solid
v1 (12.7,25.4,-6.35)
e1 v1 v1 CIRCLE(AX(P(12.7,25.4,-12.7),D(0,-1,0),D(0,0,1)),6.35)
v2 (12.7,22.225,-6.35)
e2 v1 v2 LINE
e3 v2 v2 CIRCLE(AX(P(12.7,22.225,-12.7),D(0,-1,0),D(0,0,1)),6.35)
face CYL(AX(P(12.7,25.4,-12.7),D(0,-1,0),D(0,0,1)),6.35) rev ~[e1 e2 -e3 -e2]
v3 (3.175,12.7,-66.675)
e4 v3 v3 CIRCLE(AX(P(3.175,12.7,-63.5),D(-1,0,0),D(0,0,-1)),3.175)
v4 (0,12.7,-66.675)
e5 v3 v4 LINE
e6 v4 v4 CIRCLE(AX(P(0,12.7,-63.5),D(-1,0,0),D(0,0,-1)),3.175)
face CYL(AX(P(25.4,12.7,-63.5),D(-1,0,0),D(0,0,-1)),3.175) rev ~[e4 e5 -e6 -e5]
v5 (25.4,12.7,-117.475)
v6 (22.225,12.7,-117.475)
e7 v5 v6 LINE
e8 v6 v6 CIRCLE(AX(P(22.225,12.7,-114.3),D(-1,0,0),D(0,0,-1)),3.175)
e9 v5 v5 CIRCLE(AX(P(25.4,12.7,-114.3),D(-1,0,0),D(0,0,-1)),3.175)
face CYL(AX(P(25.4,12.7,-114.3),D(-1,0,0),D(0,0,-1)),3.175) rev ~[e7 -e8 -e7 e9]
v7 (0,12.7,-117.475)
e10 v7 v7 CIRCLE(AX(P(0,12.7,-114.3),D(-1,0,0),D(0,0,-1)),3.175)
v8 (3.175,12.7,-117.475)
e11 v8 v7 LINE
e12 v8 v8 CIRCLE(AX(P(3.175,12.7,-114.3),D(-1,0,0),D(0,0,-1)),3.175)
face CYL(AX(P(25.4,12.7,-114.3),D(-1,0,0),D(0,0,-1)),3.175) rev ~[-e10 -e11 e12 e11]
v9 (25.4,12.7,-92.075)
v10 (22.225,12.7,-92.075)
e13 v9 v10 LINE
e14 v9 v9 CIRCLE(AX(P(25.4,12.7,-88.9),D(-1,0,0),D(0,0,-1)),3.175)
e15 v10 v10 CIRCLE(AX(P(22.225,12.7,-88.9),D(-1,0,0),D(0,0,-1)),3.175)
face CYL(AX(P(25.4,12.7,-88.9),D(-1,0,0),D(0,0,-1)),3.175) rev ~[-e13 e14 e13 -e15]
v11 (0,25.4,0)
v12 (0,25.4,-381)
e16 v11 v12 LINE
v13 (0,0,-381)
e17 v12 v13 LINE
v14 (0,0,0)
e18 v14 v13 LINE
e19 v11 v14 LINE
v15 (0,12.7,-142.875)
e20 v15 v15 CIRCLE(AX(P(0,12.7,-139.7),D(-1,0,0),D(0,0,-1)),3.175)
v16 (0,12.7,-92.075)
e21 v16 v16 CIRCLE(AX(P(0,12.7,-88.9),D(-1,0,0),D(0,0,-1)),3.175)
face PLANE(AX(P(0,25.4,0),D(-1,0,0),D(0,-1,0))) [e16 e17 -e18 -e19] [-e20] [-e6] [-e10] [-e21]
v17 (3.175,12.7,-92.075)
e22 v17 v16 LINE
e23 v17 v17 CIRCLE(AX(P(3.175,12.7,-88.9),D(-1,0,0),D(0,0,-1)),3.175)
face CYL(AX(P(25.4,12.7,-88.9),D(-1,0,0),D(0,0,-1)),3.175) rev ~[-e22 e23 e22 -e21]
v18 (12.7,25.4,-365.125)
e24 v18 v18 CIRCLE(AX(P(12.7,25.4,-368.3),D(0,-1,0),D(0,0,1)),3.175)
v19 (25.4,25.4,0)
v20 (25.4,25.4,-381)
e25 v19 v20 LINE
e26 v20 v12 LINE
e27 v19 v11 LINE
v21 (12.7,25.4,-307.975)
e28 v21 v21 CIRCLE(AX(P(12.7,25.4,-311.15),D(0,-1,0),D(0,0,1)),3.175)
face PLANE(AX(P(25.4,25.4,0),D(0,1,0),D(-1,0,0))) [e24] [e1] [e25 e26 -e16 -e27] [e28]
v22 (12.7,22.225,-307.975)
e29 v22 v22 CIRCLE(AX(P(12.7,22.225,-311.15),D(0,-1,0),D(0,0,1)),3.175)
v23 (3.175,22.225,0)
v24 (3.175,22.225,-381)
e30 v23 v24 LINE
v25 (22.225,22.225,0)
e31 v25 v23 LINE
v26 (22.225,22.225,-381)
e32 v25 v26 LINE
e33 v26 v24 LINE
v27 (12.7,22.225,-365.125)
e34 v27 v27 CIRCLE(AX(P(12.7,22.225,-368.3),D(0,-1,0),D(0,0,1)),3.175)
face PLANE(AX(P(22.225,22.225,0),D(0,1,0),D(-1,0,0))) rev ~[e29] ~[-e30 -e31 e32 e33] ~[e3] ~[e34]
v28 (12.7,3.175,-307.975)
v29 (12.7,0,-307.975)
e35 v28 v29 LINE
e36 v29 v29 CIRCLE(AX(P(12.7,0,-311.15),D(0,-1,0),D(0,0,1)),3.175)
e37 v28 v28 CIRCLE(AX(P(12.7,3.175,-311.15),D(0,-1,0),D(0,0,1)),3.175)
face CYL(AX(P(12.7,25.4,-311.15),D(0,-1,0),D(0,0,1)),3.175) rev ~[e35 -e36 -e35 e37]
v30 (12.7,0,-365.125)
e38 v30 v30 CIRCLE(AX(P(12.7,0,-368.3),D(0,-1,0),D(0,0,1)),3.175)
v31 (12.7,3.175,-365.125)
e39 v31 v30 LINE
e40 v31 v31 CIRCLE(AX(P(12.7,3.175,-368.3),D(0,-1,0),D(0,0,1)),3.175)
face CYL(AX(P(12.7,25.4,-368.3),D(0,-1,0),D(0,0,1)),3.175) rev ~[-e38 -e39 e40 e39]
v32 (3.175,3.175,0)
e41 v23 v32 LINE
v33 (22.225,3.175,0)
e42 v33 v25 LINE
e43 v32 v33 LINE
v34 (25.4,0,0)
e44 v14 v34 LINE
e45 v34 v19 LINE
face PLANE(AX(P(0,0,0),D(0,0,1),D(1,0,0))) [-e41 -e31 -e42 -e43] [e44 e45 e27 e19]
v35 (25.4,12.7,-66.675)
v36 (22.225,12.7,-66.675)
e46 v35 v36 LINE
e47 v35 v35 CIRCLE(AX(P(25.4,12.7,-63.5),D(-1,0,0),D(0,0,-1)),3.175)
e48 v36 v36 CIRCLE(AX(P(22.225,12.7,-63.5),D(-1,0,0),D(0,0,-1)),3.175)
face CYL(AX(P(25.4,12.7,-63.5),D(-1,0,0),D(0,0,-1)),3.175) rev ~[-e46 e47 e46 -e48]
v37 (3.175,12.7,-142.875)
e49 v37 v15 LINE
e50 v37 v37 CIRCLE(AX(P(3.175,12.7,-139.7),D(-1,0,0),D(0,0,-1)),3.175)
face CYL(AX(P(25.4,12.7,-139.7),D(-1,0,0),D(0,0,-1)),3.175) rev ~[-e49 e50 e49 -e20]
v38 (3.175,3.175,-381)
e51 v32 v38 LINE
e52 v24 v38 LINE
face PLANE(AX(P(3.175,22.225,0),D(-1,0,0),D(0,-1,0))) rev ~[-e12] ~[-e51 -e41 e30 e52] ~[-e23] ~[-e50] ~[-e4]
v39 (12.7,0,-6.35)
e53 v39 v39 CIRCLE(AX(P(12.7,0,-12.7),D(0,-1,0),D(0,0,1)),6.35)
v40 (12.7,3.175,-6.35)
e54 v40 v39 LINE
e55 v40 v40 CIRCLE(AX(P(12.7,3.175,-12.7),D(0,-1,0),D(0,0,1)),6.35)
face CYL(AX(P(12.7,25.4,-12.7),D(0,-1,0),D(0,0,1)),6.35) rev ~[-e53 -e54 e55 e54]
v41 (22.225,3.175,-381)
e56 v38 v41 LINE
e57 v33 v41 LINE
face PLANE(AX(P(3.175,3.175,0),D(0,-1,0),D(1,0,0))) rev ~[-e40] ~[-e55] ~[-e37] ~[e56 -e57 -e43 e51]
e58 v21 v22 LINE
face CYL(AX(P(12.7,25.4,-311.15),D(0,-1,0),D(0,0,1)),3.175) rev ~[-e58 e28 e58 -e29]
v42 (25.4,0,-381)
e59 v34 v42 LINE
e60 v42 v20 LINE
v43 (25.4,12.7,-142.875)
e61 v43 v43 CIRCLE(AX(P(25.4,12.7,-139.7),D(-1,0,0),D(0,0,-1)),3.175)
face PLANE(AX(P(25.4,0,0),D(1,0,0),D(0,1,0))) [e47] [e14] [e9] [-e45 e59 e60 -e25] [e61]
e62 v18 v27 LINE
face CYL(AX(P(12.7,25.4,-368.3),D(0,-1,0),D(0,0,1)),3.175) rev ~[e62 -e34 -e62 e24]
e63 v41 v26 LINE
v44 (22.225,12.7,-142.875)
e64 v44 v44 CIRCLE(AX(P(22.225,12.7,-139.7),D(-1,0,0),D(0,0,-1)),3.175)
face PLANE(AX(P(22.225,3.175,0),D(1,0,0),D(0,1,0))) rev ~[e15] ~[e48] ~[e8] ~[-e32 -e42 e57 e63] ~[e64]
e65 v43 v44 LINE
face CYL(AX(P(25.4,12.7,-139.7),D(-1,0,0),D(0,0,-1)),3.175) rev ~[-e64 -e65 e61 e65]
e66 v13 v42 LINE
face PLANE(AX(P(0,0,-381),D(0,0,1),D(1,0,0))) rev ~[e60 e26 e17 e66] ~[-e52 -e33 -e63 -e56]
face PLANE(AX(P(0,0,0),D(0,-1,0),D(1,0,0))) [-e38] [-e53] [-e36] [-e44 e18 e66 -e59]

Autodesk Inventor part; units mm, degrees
ref_plane "YZ Plane" through (0, 0, 0) normal (1, 0, 0) x (0, 1, 0)
ref_plane "XZ Plane" through (0, 0, 0) normal (0, 1, 0) x (-1, 0, 0)
ref_plane "XY Plane" through (0, 0, 0) normal (0, 0, 1) x (1, 0, 0)
sketch "Sketch1" plane through (0, 0, 0) normal (0, 0, 1) x (1, 0, 0)
  line L0 (0, 0) -> (25.4, 0)
  line L1 (25.4, 0) -> (25.4, 25.4)
  line L2 (25.4, 25.4) -> (0, 25.4)
  line L3 (0, 25.4) -> (0, 0)
  line L4 (3.175, 3.175) -> (22.225, 3.175)
  line L5 (22.225, 3.175) -> (22.225, 22.225)
  line L6 (22.225, 22.225) -> (3.175, 22.225)
  line L7 (3.175, 22.225) -> (3.175, 3.175)
  dimension "d0" = 25.4
  dimension "d1" = 25.4
  dimension "d2" = 3.175
extrude "Extrusion1" add sketch "Sketch1" against normal blind 381
sketch "Sketch2" plane through (0, 25.4, 0) normal (0, 1, 0) x (1, 0, 0)
  line L0 (25.4, 381) -> (0, 381) projected
  line L1 (25.4, 0) -> (0, 0) projected
  line L2 (25.4, 0) -> (25.4, 381) projected
  point P0 (12.7, 368.3)
  point P1 (12.7, 311.15)
  point P2 (12.7, 12.7)
  dimension "d5" = 12.7
  dimension "d6" = 57.15
  dimension "d25" = 12.7
  dimension "d26" = 12.7
hole "Hole1" at (12.7, 25.4, -368.3) at (12.7, 25.4, -311.15) direction (0, -1, 0) diameter 6.35 depth 25.4 tip angle 118
sketch "Sketch3" plane through (25.4, 0, 0) normal (1, 0, 0) x (0, 0, -1)
  line L0 (0, 0) -> (0, 25.4) projected
  point P0 (63.5, 12.7)
  point P1 (0, 12.7)
  point P2 (88.9, 12.7)
  point P3 (114.3, 12.7)
  point P4 (0, 12.7)
  point P5 (139.7, 12.7)
  dimension "d14" = 63.5
  dimension "d15" = 25.4
  dimension "d16" = 25.4
  dimension "d24" = 139.7
hole "Hole2" at (25.4, 12.7, -63.5) at (25.4, 12.7, -88.9) at (25.4, 12.7, -114.3) at (25.4, 12.7, -139.7) direction (-1, 0, 0) diameter 6.35 depth 25.4 tip angle 118
hole "Hole3" at (12.7, 25.4, -12.7) direction (0, -1, 0) diameter 12.7 depth 25.4 tip angle 118
properties part number "bambar 12 in"
